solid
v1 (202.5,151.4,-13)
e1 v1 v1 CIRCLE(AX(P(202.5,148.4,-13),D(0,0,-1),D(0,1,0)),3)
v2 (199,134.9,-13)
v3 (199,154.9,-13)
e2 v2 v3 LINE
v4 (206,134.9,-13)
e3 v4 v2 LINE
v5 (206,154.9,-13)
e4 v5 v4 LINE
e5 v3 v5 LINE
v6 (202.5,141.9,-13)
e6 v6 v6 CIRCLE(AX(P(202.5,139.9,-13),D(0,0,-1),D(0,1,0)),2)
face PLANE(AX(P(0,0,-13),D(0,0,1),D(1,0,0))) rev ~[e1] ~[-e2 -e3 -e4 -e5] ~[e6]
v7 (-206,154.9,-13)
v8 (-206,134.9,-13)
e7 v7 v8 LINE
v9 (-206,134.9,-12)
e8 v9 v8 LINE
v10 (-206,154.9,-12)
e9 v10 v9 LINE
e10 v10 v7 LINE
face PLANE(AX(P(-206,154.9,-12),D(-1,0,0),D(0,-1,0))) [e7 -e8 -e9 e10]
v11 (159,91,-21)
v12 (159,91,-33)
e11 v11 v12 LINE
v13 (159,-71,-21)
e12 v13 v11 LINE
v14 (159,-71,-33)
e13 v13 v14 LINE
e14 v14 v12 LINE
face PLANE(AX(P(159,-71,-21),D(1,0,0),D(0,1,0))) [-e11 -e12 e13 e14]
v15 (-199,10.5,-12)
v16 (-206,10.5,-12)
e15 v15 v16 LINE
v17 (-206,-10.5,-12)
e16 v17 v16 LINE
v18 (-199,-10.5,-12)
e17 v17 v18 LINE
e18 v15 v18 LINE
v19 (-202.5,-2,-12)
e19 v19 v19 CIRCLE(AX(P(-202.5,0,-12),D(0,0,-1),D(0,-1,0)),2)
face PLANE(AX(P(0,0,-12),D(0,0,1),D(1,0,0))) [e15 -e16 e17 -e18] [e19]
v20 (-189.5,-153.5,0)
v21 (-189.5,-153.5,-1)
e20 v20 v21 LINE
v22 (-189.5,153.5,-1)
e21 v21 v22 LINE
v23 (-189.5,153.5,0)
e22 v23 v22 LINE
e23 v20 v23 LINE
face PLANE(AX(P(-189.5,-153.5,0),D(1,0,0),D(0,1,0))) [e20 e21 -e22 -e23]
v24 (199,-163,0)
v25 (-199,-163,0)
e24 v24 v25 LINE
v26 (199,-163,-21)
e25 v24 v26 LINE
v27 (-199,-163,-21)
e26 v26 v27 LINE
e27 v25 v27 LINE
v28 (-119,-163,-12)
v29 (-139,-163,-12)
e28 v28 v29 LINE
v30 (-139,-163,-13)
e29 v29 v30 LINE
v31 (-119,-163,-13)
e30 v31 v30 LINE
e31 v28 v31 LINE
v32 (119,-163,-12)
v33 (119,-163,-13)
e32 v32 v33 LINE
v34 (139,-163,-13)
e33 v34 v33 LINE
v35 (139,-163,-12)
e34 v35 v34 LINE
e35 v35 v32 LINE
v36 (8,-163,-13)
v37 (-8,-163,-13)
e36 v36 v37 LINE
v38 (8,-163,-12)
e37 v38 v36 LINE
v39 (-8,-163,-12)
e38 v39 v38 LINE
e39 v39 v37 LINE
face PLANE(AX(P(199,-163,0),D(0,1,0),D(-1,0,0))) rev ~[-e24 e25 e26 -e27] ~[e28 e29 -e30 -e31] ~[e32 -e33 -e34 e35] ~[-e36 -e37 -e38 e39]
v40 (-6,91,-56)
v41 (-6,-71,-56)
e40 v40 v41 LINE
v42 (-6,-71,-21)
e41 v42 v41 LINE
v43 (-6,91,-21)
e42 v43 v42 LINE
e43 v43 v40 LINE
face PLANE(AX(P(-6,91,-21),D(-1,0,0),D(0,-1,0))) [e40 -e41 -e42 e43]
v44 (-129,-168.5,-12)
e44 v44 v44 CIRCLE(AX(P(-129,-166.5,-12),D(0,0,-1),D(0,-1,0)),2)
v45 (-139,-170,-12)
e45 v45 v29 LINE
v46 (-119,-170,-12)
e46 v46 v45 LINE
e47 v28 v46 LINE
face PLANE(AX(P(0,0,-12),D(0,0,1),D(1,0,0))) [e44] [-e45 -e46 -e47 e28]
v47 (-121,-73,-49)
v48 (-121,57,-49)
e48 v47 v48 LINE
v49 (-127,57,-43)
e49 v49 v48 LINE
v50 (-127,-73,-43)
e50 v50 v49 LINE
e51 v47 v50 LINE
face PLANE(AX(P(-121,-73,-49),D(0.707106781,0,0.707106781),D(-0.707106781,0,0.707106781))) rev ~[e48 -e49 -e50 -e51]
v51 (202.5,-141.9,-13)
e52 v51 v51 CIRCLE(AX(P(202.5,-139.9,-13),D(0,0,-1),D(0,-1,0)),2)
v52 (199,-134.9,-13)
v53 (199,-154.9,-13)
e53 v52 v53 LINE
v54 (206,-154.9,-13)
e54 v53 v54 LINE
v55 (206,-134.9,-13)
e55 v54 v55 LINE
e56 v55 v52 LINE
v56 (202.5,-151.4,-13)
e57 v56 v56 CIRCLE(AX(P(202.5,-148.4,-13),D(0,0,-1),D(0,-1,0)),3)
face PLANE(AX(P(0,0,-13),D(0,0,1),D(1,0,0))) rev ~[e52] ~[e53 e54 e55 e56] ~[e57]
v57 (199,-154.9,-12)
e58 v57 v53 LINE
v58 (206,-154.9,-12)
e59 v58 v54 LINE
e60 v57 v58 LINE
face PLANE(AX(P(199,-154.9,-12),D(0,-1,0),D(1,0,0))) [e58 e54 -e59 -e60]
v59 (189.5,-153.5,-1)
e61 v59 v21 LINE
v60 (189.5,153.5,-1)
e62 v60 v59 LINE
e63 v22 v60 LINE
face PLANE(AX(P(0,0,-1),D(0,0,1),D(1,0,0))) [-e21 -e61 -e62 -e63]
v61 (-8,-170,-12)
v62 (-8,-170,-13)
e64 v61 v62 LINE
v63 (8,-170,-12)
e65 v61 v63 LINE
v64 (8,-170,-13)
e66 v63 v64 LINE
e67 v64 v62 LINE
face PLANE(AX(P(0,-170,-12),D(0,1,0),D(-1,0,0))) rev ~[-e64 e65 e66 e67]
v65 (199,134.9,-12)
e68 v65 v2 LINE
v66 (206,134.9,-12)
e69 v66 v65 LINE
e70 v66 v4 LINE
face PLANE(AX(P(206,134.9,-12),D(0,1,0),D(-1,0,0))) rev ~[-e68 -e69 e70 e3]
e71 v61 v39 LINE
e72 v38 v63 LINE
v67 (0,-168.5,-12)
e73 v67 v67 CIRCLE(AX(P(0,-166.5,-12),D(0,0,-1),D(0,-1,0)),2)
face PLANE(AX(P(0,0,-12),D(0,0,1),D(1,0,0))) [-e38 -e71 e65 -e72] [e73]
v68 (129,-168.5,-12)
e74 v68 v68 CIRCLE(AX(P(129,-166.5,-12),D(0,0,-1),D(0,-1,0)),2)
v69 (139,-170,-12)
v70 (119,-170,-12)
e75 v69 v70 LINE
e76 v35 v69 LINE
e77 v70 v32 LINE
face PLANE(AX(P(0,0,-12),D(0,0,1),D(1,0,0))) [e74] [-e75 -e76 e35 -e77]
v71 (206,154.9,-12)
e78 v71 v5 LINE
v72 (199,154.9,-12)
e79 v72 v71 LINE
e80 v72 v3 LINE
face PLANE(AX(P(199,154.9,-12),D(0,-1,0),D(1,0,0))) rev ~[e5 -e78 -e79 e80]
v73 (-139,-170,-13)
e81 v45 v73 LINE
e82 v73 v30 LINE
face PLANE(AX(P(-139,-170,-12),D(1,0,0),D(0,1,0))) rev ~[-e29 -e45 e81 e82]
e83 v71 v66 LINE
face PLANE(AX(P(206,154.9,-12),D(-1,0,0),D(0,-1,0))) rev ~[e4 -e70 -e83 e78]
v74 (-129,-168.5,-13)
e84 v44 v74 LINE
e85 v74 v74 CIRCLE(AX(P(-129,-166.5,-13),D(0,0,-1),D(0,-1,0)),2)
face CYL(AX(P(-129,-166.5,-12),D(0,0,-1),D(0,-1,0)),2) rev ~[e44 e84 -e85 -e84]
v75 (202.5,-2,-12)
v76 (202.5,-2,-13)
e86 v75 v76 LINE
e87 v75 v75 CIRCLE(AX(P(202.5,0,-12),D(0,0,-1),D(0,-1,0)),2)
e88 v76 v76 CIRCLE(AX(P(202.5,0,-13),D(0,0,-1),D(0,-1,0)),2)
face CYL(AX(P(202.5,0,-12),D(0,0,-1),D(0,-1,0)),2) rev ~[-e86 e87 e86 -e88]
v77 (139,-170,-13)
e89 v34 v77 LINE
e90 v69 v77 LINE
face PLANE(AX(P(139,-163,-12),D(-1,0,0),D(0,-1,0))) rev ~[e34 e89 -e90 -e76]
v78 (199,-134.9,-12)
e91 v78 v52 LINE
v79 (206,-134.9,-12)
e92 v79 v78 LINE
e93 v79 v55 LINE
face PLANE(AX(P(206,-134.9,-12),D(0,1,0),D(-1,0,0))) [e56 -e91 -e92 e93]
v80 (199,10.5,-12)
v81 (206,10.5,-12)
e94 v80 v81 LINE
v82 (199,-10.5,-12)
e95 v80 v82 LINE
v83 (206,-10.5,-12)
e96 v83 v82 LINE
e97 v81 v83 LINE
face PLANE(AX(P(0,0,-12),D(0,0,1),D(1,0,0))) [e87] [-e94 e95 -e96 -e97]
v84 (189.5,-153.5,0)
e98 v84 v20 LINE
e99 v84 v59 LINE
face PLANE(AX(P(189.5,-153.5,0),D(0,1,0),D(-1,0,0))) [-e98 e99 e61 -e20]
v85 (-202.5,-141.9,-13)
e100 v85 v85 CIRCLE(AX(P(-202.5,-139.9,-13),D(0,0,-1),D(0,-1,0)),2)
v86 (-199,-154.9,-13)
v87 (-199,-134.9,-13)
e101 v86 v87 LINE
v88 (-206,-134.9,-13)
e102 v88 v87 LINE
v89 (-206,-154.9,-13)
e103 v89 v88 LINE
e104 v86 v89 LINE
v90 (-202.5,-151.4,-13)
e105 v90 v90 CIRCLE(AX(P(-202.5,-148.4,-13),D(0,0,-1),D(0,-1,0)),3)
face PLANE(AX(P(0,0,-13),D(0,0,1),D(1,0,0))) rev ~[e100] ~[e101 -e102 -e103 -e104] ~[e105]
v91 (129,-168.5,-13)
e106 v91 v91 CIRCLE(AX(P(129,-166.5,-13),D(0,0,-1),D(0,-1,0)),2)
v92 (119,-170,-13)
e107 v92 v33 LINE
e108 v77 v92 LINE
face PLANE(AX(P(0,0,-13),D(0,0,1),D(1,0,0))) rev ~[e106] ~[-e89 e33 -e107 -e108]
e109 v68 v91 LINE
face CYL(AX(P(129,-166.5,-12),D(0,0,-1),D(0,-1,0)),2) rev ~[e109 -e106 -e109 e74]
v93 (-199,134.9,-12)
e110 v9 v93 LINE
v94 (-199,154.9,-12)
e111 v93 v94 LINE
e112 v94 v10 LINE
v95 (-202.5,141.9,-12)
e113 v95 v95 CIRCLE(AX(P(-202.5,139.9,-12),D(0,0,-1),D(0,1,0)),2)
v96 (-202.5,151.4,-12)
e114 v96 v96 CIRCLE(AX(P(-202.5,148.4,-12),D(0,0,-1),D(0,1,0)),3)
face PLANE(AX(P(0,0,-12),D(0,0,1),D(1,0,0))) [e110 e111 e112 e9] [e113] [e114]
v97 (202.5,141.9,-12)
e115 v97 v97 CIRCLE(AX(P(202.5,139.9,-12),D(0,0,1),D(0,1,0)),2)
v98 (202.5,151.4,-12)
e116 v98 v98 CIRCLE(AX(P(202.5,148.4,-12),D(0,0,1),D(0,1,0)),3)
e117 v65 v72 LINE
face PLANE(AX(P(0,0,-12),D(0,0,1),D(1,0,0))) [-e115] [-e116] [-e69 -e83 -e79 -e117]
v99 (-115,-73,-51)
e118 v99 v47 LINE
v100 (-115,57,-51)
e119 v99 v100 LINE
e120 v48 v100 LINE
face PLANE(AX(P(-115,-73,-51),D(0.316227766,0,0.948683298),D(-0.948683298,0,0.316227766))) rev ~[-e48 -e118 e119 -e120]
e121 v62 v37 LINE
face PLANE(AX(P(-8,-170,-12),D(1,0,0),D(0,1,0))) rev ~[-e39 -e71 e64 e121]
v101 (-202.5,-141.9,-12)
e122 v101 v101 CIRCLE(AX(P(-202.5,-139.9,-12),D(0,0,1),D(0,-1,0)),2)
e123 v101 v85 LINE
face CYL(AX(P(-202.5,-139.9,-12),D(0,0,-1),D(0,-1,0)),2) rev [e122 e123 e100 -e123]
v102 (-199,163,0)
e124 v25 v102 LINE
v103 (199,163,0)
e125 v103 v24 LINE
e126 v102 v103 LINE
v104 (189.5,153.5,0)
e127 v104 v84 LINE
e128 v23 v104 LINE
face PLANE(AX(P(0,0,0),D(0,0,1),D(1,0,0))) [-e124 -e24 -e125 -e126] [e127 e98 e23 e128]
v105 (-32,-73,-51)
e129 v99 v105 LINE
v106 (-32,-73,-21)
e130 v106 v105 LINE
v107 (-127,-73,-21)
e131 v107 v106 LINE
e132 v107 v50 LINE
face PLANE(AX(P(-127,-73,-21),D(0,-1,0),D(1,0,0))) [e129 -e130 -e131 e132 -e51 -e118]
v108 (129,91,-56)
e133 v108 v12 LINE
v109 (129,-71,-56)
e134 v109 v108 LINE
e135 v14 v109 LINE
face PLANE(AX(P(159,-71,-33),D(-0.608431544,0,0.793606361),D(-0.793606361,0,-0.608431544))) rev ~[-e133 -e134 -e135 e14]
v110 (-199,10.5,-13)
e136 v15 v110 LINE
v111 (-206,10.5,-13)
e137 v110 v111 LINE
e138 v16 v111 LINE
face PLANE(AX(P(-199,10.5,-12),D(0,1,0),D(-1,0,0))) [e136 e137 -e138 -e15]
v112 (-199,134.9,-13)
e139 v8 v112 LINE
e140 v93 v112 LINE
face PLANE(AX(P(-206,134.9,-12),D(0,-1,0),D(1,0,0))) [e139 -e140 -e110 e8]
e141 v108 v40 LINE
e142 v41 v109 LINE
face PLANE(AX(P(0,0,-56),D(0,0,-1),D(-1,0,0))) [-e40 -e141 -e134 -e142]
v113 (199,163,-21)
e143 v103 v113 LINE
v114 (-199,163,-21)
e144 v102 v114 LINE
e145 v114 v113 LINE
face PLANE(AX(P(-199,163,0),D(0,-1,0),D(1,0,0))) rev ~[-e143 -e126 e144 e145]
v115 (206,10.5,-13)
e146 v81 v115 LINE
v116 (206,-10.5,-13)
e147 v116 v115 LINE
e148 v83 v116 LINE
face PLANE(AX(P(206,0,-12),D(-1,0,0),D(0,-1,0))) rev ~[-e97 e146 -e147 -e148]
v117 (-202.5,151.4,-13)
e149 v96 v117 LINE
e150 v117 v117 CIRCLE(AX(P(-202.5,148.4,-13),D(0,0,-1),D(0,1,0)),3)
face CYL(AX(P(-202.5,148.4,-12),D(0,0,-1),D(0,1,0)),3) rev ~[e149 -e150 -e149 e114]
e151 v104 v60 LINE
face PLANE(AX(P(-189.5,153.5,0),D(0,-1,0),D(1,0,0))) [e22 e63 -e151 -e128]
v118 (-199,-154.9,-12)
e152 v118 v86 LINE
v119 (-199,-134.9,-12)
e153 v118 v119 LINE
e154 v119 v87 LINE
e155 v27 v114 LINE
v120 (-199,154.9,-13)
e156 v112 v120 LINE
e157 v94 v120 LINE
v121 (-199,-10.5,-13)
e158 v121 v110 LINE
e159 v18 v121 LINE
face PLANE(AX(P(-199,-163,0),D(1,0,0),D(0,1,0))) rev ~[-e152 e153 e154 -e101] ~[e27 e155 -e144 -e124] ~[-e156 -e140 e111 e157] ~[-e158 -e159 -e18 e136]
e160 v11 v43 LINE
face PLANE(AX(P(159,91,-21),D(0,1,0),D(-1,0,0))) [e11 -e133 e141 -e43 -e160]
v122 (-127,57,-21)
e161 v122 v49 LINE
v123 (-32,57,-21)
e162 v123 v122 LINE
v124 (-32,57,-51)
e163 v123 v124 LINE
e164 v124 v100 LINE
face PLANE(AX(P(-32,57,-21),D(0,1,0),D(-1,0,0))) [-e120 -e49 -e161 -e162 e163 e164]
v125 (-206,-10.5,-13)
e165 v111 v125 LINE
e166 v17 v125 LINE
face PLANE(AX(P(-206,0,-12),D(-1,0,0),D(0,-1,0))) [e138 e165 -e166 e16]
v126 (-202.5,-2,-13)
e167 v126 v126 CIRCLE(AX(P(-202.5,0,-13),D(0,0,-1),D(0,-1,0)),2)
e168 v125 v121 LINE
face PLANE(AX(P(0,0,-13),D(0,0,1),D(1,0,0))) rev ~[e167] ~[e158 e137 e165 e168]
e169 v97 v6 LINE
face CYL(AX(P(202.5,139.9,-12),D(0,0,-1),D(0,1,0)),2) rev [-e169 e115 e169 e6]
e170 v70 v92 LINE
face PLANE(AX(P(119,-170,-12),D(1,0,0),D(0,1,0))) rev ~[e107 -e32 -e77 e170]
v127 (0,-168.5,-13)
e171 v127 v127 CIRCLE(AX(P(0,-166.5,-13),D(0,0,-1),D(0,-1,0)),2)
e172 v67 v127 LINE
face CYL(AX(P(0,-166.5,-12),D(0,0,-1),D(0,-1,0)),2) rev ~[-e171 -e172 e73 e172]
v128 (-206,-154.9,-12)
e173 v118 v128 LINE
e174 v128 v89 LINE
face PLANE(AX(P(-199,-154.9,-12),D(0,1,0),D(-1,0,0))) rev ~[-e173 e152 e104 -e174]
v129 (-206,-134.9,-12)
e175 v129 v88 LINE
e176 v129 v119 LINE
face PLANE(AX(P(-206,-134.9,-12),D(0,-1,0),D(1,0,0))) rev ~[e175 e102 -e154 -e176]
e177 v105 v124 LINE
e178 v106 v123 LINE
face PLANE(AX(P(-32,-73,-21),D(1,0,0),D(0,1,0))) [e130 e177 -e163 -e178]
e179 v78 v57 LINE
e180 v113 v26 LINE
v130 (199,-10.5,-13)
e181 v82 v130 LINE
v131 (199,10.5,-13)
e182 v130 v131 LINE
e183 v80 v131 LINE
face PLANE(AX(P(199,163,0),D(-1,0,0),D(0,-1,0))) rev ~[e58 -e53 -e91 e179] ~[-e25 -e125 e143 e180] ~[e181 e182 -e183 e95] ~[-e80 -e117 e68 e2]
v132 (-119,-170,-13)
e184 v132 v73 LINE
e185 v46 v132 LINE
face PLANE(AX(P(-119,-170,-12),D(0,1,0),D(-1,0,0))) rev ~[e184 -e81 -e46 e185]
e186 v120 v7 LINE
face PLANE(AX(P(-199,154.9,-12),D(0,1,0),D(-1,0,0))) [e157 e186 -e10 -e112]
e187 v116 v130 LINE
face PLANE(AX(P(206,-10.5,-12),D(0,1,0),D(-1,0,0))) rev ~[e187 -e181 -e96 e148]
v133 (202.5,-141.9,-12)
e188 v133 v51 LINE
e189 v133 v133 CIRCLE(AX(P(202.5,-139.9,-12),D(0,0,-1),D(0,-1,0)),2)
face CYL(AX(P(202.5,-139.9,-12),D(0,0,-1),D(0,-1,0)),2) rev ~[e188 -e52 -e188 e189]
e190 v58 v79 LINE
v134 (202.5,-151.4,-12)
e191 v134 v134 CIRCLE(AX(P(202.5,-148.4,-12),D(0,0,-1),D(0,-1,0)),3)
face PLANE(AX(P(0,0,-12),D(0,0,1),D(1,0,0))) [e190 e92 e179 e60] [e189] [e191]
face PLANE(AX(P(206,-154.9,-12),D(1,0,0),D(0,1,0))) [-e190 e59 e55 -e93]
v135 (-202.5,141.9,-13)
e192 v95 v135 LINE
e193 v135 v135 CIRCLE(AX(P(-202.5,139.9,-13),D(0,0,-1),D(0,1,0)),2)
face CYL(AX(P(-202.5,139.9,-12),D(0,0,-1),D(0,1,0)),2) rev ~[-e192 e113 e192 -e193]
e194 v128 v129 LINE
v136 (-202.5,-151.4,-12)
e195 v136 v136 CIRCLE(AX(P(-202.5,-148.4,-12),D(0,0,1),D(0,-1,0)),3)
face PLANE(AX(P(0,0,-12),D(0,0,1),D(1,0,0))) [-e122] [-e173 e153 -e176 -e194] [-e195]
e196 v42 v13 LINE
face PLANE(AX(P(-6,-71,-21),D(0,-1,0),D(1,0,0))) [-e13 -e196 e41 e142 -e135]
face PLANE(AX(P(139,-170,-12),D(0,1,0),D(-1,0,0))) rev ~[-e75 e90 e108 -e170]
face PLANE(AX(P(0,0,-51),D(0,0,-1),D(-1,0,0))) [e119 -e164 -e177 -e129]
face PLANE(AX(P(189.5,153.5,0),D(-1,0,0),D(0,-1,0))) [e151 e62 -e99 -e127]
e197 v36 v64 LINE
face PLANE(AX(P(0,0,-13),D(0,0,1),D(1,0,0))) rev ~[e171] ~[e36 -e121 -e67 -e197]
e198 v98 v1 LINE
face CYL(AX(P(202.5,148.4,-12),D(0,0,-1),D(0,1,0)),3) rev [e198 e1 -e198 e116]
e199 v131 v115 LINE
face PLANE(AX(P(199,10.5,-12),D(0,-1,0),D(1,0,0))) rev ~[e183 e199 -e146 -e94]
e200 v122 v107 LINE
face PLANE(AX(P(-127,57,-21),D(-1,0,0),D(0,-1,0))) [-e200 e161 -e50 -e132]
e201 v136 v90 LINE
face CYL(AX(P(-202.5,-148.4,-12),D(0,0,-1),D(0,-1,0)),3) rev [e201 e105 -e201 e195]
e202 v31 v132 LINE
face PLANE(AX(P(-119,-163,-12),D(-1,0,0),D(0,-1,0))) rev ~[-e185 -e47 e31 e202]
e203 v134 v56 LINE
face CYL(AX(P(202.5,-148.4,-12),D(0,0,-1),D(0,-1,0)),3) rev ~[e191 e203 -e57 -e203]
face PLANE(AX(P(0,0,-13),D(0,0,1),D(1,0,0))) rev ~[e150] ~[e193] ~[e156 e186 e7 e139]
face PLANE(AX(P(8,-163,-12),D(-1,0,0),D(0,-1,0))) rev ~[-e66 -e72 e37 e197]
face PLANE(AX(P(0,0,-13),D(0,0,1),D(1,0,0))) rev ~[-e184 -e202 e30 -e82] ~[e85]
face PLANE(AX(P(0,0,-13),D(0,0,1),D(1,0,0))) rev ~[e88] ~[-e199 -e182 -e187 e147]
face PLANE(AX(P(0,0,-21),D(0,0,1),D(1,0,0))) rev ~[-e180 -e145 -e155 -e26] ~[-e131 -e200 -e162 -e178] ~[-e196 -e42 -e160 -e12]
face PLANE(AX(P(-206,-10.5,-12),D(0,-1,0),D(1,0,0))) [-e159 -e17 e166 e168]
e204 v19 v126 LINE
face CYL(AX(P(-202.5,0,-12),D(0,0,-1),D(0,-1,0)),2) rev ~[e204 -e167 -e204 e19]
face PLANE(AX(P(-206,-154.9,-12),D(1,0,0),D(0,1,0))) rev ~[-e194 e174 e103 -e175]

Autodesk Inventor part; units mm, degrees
ref_plane "YZ Plane" through (0, 0, 0) normal (1, 0, 0) x (0, 1, 0)
ref_plane "XZ Plane" through (0, 0, 0) normal (0, 1, 0) x (-1, 0, 0)
sketch "Sketch1" plane through (0, 0, 0) normal (0, 0, 1) x (1, 0, 0)
  line L0 (-199, 163) -> (199, 163)
  line L1 (199, 163) -> (199, -163)
  line L2 (199, -163) -> (-199, -163)
  line L3 (-199, -163) -> (-199, 163)
  line L4 (-199, 163) -> (199, -163) construction
  line L5 (199, 163) -> (-199, -163) construction
  point P0 (0, 0)
  dimension "d0" = 398
  dimension "d1" = 326
extrude "Extrusion1" add sketch "Sketch1" against normal blind 21
ref_plane "Work Plane1" through (0, 0, -12) normal (0, 0, 1) x (1, 0, 0)
sketch "Sketch2" plane through (0, 0, -12) normal (0, 0, 1) x (1, 0, 0)
  line L0 (-206, 163) -> (206, 163) construction
  line L1 (206, -170) -> (-206, -170) construction
  line L2 (-206, -170) -> (-206, 163) construction
  line L3 (-206, 163) -> (206, -170) construction
  line L4 (206, 163) -> (-206, -170) construction
  line L5 (-199, -163) -> (199, -163) construction
  line L6 (-199, 163) -> (-199, -163) construction
  line L7 (199, 163) -> (-199, 163) construction
  line L8 (-199, -163) -> (-199, 163) projected
  line L9 (199, 10.5) -> (206, 10.5)
  line L10 (206, 10.5) -> (206, -10.5)
  line L11 (206, -10.5) -> (199, -10.5)
  line L12 (199, -10.5) -> (199, 10.5)
  line L13 (199, 10.5) -> (206, -10.5) construction
  line L14 (206, 10.5) -> (199, -10.5) construction
  line L15 (206, -134.9) -> (199, -134.9)
  line L16 (199, -134.9) -> (199, -154.9)
  line L17 (199, -154.9) -> (206, -154.9)
  line L18 (206, -154.9) -> (206, -134.9)
  line L19 (199, -163) -> (-199, -163) projected
  line L20 (-8, -163) -> (8, -163)
  line L21 (8, -163) -> (8, -170)
  line L22 (8, -170) -> (-8, -170)
  line L23 (-8, -170) -> (-8, -163)
  line L24 (-139, -163) -> (-119, -163)
  line L25 (-119, -163) -> (-119, -170)
  line L26 (-119, -170) -> (-139, -170)
  line L27 (-139, -170) -> (-139, -163)
  line L28 (119, -163) -> (139, -163)
  line L29 (139, -163) -> (139, -170)
  line L30 (139, -170) -> (119, -170)
  line L31 (119, -170) -> (119, -163)
  line L32 (206, 163) -> (206, -170) construction
  line L33 (199, -163) -> (199, 163) projected
  line L34 (-288.4, 0) -> (288.4, 0) projected
  line L35 (0, 229.6) -> (0, -236.6) projected
  line L36 (206, 134.9) -> (199, 134.9)
  line L37 (199, 134.9) -> (199, 154.9)
  line L38 (199, 154.9) -> (206, 154.9)
  line L39 (206, 154.9) -> (206, 134.9)
  line L40 (-199, 10.5) -> (-206, 10.5)
  line L41 (-206, 10.5) -> (-206, -10.5)
  line L42 (-206, -10.5) -> (-199, -10.5)
  line L43 (-199, -10.5) -> (-199, 10.5)
  line L44 (-199, 10.5) -> (-206, -10.5) construction
  line L45 (-206, 10.5) -> (-199, -10.5) construction
  line L46 (-206, -134.9) -> (-199, -134.9)
  line L47 (-199, -134.9) -> (-199, -154.9)
  line L48 (-199, -154.9) -> (-206, -154.9)
  line L49 (-206, -154.9) -> (-206, -134.9)
  line L50 (-199, 134.9) -> (-199, 154.9)
  line L51 (-206, 134.9) -> (-199, 134.9)
  line L52 (-206, 154.9) -> (-206, 134.9)
  line L53 (-199, 154.9) -> (-206, 154.9)
  point P0 (0, 0)
  point P1 (0, -3.5)
  point P2 (202.5, 0)
  point P3 (202.5, 0)
  point P4 (-202.5, 0)
  point P5 (-202.5, 0)
  point P6 (0, -170)
  dimension "d6" = 7
  dimension "d7" = 7
  dimension "d8" = 0
  dimension "d9" = 21
  dimension "d10" = 20
  dimension "d11" = 124.4
  dimension "d12" = 7
  dimension "d13" = 16
  dimension "d14" = 111
  dimension "d15" = 20
  dimension "d16" = 111
  dimension "d17" = 20
extrude "Extrusion2" add sketch "Sketch2" against normal blind 1 contours L51 L52 L53 L8 | L33 L38 L39 L36 | L48 L49 L46 L8 | L19 L25 L26 L27 | L42 L41 L34 L8 | L19 L35 L22 L23 | L34 L41 L40 L8 | L19 L21 L22 L35 | L34 L10 L11 L12 | L12 L9 L10 L34 | L19 L29 L30 L31 | L15 L18 L17 L16
sketch "Sketch3" plane through (0, 0, -12) normal (0, 0, 1) x (1, 0, 0)
  line L0 (-119, -170) -> (-119, -163) projected
  line L1 (8, -170) -> (8, -163) projected
  line L2 (119, -163) -> (119, -170) projected
  point P0 (0, 0)
  point P1 (-202.5, 0)
  point P2 (202.5, 0)
  point P3 (129, -166.5)
  point P4 (0, -166.5)
  point P5 (-129, -166.5)
  point P6 (-119, -166.5)
  point P7 (8, -166.5)
  point P8 (119, -166.5)
hole "Hole1" at (-202.5, 0, -12) at (202.5, 0, -12) at (129, -166.5, -12) at (0, -166.5, -12) at (-129, -166.5, -12) direction (0, 0, -1) diameter 4 end through all
sketch "Sketch4" plane through (0, 0, -12) normal (0, 0, 1) x (1, 0, 0)
  line L0 (206, -134.9) -> (199, -134.9) projected
  point P0 (0, 0)
  point P1 (202.5, -139.9)
  dimension "d27" = 5
hole "Hole2" at (202.5, -139.9, -12) direction (0, 0, -1) diameter 4 end through all
sketch "Sketch5" plane through (0, 0, -12) normal (0, 0, 1) x (1, 0, 0)
  line L0 (199, -154.9) -> (206, -154.9) projected
  point P0 (0, 0)
  point P1 (202.5, -148.4)
  point P2 (202.5, -154.9)
  dimension "d35" = 6.5
hole "Hole3" at (202.5, -148.4, -12) direction (0, 0, -1) diameter 6 end through all
mirror "Mirror1" about plane through (0, 0, 0) normal (0, 1, 0) of "Hole2", "Hole3"
mirror "Mirror2" about plane through (0, 0, 0) normal (1, 0, 0) of "Hole2", "Hole3", "Mirror1"
sketch "Sketch6" plane through (0, 0, 0) normal (0, 0, 1) x (1, 0, 0)
  line L0 (-199, -163) -> (199, -163) projected
  line L1 (199, -163) -> (199, 163) projected
  line L2 (199, 163) -> (-199, 163) projected
  line L3 (-199, 163) -> (-199, -163) projected
  line L4 (-189.5, 153.5) -> (189.5, 153.5)
  line L5 (189.5, 153.5) -> (189.5, -153.5)
  line L6 (189.5, -153.5) -> (-189.5, -153.5)
  line L7 (-189.5, -153.5) -> (-189.5, 153.5)
  point P0 (0, 0)
  dimension "d43" = 9.5
extrude "Extrusion3" cut sketch "Sketch6" against normal blind 1 contours L4 L5 L6 L7
sketch "Sketch7" plane through (0, 0, -21) normal (0, 0, -1) x (-1, 0, 0)
  line L0 (32, 57) -> (127, 57)
  line L1 (127, 57) -> (127, -73)
  line L2 (127, -73) -> (32, -73)
  line L3 (32, -73) -> (32, 57)
  line L4 (199, -163) -> (199, 163) projected
  line L5 (-199, -163) -> (199, -163) projected
  point P0 (0, 0)
  dimension "d46" = 72
  dimension "d47" = 90
  dimension "d48" = 95
  dimension "d49" = 130
extrude "Extrusion4" add sketch "Sketch7" along normal blind 30
sketch "Sketch8" plane through (0, 0, -21) normal (0, 0, -1) x (-1, 0, 0)
  line L0 (-159, 91) -> (6, 91)
  line L1 (6, 91) -> (6, -71)
  line L2 (6, -71) -> (-159, -71)
  line L3 (-159, -71) -> (-159, 91)
  line L4 (-199, -163) -> (199, -163) projected
  line L5 (-199, 163) -> (-199, -163) projected
  point P0 (0, 0)
  dimension "d52" = 92
  dimension "d53" = 40
  dimension "d54" = 165
  dimension "d55" = 162
extrude "Extrusion5" add sketch "Sketch8" along normal blind 35
sketch "Sketch9" plane through (-6, -71, -21) normal (0, -1, 0) x (1, 0, 0)
  line L0 (0, 0) -> (165, 0) projected
  line L1 (0, 0) -> (0, -35) projected
  line L2 (165, -35) -> (0, -35) projected
  line L3 (165, 0) -> (165, -35) projected
  line L4 (165, 0) -> (165, -35) projected
  line L5 (165, -12) -> (135, -35)
  line L6 (165, -35) -> (0, -35) projected
  point P0 (6, 21)
  dimension "d58" = 23
  dimension "d59" = 30
extrude "Extrusion6" cut sketch "Sketch9" against normal through all contours L3 L2 L5
sketch "Sketch10" plane through (-127, -73, -21) normal (0, -1, 0) x (1, 0, 0)
  line L0 (0, 0) -> (95, 0) projected
  line L1 (0, 0) -> (0, -30) projected
  line L2 (95, -30) -> (0, -30) projected
  line L3 (95, 0) -> (95, -30) projected
  line L4 (95, -30) -> (0, -30) projected
  line L5 (12, -30) -> (6, -28)
  line L6 (6, -28) -> (0, -22)
  line L7 (0, 0) -> (0, -30) projected
  point P0 (127, 21)
  point P1 (0, -22)
  dimension "d62" = 6
  dimension "d63" = 12
  dimension "d64" = 2
  dimension "d65" = 8
extrude "Extrusion7" cut sketch "Sketch10" against normal through all contours L6 L5 L2 L1
properties part number "skærm"
